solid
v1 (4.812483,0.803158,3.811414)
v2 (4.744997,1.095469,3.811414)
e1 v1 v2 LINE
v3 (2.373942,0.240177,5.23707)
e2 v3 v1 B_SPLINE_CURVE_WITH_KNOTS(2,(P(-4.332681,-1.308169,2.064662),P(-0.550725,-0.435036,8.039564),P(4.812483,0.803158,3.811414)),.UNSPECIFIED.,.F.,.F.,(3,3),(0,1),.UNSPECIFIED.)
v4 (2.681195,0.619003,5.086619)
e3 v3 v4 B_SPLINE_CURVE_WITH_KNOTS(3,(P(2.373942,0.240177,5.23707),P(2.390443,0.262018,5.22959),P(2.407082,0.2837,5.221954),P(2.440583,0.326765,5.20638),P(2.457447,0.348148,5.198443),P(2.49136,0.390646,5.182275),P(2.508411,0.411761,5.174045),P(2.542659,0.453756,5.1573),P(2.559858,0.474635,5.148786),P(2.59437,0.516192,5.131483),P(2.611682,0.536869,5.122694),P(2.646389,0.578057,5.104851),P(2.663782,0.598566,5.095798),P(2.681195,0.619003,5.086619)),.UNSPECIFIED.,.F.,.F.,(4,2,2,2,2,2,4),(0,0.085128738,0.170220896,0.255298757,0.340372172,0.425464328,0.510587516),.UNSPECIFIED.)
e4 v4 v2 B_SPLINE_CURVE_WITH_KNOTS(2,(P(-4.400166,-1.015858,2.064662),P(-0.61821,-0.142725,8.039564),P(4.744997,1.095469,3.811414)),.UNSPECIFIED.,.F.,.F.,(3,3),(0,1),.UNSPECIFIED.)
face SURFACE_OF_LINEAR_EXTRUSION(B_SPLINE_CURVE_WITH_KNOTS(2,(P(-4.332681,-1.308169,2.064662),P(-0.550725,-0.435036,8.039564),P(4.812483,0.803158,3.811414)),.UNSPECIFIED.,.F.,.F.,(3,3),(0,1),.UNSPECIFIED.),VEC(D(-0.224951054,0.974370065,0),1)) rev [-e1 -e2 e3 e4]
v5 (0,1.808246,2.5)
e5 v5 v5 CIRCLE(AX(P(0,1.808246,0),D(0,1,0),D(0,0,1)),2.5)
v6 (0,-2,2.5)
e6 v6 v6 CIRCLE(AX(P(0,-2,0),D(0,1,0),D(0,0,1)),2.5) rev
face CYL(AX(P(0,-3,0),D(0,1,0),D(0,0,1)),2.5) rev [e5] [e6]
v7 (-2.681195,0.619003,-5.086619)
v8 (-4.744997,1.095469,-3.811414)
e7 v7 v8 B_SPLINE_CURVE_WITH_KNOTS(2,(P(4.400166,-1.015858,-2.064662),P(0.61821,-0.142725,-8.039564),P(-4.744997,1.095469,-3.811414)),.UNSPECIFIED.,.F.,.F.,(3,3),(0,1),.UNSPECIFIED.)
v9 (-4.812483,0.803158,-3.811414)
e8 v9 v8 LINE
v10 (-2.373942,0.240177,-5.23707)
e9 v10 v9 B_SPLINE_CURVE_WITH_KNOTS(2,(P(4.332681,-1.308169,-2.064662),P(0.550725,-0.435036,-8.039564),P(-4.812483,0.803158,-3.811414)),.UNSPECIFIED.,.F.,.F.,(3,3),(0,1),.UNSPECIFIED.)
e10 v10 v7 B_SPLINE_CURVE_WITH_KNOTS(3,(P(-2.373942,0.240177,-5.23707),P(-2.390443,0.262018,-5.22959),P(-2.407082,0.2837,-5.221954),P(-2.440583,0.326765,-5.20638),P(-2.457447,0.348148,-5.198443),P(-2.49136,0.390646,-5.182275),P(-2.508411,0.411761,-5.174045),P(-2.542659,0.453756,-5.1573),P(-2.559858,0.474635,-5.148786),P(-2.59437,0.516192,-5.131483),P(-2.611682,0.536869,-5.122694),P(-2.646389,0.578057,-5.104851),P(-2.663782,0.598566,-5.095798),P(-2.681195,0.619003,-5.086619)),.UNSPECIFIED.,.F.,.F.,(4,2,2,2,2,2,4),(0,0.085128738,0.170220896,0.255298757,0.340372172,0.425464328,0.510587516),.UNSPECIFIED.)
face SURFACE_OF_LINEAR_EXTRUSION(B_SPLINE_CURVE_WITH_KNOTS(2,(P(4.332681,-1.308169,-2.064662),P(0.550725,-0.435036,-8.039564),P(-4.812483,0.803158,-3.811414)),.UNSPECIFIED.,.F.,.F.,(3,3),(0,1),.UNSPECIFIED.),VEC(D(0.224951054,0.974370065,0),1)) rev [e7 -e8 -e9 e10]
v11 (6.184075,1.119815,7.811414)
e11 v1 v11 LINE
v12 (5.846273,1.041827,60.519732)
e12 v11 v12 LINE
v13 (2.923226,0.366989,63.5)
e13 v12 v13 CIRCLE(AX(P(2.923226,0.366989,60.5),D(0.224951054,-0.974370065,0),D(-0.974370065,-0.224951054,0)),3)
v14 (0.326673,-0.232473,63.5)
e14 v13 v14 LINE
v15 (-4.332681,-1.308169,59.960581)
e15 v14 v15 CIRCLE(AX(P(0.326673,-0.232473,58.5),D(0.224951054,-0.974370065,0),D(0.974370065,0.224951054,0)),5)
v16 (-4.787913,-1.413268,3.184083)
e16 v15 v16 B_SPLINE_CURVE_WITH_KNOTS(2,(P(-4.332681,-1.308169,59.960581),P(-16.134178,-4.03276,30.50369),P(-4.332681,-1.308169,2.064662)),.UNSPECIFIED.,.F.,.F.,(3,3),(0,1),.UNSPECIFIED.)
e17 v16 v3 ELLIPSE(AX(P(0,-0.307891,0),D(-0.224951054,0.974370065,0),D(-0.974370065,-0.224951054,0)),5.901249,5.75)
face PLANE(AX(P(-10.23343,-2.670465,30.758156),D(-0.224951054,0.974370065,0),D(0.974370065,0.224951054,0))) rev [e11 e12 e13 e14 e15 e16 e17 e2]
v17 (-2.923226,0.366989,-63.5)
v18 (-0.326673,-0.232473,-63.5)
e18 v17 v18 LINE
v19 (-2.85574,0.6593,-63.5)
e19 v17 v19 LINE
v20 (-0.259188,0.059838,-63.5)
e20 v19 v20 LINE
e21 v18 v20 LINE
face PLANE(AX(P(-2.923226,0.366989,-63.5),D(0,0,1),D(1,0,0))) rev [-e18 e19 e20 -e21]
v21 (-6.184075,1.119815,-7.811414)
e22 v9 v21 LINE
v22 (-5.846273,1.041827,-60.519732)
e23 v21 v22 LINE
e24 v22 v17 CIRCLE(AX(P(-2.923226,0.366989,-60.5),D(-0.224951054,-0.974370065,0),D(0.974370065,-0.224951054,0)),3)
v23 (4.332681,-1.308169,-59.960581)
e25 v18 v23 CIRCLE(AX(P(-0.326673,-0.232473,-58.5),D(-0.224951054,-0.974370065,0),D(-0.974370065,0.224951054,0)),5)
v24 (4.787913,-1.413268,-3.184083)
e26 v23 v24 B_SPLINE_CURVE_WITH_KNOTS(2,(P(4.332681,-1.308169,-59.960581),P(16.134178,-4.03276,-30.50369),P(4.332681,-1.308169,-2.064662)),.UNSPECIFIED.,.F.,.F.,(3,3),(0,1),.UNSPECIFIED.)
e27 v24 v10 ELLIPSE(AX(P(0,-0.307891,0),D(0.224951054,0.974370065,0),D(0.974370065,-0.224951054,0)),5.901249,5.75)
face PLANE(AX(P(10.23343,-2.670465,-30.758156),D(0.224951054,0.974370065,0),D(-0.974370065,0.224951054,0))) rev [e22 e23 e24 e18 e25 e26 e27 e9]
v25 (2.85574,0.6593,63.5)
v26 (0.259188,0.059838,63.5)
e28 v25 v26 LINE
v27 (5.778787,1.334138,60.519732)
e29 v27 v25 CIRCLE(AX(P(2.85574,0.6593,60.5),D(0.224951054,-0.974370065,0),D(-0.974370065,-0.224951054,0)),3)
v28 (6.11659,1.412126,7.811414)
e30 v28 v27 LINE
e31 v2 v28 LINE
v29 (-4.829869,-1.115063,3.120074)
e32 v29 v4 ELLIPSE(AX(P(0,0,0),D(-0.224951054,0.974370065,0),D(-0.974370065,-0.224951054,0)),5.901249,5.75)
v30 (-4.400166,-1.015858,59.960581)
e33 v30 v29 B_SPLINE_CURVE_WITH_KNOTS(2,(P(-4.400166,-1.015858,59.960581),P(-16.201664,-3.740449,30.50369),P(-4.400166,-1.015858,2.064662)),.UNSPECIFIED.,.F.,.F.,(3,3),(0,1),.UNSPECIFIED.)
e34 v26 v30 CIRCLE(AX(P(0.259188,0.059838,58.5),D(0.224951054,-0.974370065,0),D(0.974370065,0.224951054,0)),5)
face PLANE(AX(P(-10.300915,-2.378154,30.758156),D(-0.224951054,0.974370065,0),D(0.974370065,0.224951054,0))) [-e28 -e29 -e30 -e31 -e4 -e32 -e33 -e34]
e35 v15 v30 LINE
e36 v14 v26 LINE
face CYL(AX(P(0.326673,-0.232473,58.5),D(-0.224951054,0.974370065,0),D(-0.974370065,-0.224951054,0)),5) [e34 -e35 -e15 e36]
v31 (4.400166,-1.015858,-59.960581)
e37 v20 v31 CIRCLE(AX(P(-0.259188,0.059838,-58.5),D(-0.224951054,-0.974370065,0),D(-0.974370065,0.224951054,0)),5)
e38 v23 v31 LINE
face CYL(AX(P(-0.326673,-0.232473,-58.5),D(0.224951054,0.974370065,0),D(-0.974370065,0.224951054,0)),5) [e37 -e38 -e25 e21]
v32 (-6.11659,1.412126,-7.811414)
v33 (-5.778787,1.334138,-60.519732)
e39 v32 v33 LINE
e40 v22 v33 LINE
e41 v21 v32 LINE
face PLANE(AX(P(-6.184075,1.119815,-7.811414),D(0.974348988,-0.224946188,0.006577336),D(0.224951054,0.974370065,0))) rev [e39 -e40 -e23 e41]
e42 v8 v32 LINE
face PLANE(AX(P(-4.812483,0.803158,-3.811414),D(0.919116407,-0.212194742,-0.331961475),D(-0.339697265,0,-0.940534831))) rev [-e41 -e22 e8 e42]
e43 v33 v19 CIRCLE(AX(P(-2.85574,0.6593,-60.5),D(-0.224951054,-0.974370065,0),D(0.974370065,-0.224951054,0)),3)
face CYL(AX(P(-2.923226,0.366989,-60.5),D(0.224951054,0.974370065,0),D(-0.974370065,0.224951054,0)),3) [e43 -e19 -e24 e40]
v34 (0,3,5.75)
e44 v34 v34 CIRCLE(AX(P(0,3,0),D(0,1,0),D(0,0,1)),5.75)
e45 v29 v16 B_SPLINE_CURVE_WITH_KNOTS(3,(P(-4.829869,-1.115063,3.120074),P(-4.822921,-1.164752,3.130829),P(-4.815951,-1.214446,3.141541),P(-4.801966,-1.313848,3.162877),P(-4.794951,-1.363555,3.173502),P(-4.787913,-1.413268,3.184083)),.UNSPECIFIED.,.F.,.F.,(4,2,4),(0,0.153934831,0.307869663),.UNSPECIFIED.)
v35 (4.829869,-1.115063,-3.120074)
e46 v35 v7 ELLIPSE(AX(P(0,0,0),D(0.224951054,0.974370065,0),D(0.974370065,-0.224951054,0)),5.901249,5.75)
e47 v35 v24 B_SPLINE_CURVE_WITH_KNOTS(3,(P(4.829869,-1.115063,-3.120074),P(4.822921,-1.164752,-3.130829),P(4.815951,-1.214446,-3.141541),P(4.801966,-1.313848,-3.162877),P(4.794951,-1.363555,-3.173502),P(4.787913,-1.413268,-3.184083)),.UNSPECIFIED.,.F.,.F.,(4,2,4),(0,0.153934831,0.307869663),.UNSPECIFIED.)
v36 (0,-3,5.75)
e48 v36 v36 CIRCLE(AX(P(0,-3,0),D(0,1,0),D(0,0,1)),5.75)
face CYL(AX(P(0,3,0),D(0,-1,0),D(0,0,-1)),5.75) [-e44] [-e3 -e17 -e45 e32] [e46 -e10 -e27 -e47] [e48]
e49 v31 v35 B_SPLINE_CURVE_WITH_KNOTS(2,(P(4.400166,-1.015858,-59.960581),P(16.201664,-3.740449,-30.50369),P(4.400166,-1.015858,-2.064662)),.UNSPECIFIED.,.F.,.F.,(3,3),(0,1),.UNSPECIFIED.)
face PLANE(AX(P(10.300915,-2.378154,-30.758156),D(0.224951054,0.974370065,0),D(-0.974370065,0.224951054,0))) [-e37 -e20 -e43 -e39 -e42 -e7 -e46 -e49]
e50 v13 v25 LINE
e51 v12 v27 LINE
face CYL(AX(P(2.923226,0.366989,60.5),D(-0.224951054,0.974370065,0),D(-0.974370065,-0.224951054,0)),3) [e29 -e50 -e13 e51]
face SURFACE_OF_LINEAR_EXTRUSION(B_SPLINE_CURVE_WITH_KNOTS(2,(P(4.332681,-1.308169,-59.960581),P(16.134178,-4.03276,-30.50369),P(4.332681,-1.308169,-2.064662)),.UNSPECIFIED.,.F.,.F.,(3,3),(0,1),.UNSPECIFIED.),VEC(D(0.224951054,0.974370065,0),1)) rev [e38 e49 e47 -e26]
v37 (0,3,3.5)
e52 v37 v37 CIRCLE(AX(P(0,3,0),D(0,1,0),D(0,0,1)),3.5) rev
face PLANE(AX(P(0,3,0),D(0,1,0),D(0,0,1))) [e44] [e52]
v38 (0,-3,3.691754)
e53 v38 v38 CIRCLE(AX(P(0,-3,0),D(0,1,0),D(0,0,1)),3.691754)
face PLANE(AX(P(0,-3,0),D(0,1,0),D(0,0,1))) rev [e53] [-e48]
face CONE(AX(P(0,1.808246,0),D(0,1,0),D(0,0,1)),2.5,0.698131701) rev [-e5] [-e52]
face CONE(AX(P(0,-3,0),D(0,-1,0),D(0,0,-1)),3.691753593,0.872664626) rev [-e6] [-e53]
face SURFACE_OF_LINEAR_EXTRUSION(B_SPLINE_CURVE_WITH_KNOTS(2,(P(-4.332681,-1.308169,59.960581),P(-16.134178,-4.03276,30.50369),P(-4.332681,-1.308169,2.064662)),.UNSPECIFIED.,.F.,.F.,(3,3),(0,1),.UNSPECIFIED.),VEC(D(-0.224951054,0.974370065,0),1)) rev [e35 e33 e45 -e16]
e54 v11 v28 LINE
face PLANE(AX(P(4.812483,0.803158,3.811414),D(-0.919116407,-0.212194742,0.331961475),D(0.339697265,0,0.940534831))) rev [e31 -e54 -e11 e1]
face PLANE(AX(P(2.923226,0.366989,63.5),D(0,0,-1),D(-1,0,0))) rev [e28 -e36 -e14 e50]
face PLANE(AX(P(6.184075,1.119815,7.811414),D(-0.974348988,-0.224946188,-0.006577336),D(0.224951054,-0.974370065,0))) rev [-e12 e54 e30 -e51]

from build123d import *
from OCP.BRepFilletAPI import BRepFilletAPI_MakeChamfer

# Parameters (mm, degrees)
SKETCH1_R           = 5.75
BOSS_EXTRUDE1_DEPTH = 3
BOSS_EXTRUDE3_DEPTH = 0.3
CIRPATTERN1_COUNT   = 2
SKETCH4_R           = 2.5
CUT_EXTRUDE1_DEPTH  = 65.609278472
CHAMFER1_SIZE       = 1
CHAMFER1_SIZE2      = 1.191753593


with BuildPart() as part:
    # Sketch1 → Boss-Extrude1 (new, symmetric)
    with BuildSketch(Plane(origin=(0, 0, 0), x_dir=(1, 0, 0), z_dir=(0, 1, 0))):
        with Locations(Location((0, 0, 0), (0, 0, 270))):
            Circle(SKETCH1_R)
    extrude(amount=BOSS_EXTRUDE1_DEPTH, both=True)

    # Sketch3 → Boss-Extrude3 (add)
    with BuildSketch(Plane(origin=(0, 0, 0), x_dir=(0.9743700647852351, -0.22495105434386534, 0), z_dir=(-0.22495105434386534, -0.9743700647852351, 0))):
        with BuildLine():
            Line((-4.869810272, -3.811414063), (-6.277481036, -7.811414063))
            Line((-6.277481036, -7.811414063), (-5.9307932, -60.519732009))
            ThreePointArc((-5.9307932, -60.519732009), (-5.045190608, -62.628285228), (-2.930858092, -63.5))
            Line((-2.930858092, -63.5), (-0.266005483, -63.5))
            ThreePointArc((-0.266005483, -63.5), (2.708645134, -62.518887124), (4.515908541, -59.960581485))
            add(Edge.make_bspline(
                [(4.515908541, -59.960581485), (16.627834102, -30.503690424), (4.515908541, -2.064662287)],
                knots=[0, 0, 0, 1, 1, 1], degree=2))
            add(Edge.make_bspline(
                [(-4.869810272, -3.811414063), (0.634471784, -8.039563779), (4.515908541, -2.064662287)],
                knots=[0, 0, 0, 1, 1, 1], degree=2))
        make_face()
    boss_extrude3 = extrude(amount=BOSS_EXTRUDE3_DEPTH)

    # CirPattern1: Boss-Extrude3 ×2 about axis
    cirpattern1_axis = Axis((0, 3, 0), (0, -1, 0))
    for i in range(1, CIRPATTERN1_COUNT):
        add(boss_extrude3.rotate(cirpattern1_axis, i * 360 / CIRPATTERN1_COUNT))

    # Sketch4 → Cut-Extrude1 (cut, through all)
    with BuildSketch(Plane(origin=(0, 3, 0), x_dir=(1, 0, 0), z_dir=(0, 1, 0))):
        with Locations(Location((0, 0, 0), (0, 0, 270))):
            Circle(SKETCH4_R)
    extrude(amount=-CUT_EXTRUDE1_DEPTH, mode=Mode.SUBTRACT)

    # Chamfer1: one chamfer whose edges measure the first distance from different faces: ONE call of the kernel's chamfer builder (chamfer() names one face for all edges)
    chamfer1_edges_1 = [part.edges().sort_by_distance(p)[0] for p in [
        (0, -3, -2.5),
    ]]
    chamfer1_side_1 = [part.faces().sort_by_distance(p)[0] for p in [
        (0, 0, -2.5),
    ]]
    chamfer1_edges_2 = [part.edges().sort_by_distance(p)[0] for p in [
        (0, 3, -2.5),
    ]]
    chamfer1_side_2 = [part.faces().sort_by_distance(p)[0] for p in [
        (0, 3, -5.58736544),
    ]]
    chamfer1 = BRepFilletAPI_MakeChamfer(part.part.solid().wrapped)
    for e in chamfer1_edges_1:
        chamfer1.Add(CHAMFER1_SIZE, CHAMFER1_SIZE2, e.wrapped, chamfer1_side_1[0].wrapped)  # the first distance lies on this face
    for e in chamfer1_edges_2:
        chamfer1.Add(CHAMFER1_SIZE, CHAMFER1_SIZE2, e.wrapped, chamfer1_side_2[0].wrapped)  # the first distance lies on this face
    add(Compound.cast(chamfer1.Shape()), mode=Mode.REPLACE)


solid = part.part
